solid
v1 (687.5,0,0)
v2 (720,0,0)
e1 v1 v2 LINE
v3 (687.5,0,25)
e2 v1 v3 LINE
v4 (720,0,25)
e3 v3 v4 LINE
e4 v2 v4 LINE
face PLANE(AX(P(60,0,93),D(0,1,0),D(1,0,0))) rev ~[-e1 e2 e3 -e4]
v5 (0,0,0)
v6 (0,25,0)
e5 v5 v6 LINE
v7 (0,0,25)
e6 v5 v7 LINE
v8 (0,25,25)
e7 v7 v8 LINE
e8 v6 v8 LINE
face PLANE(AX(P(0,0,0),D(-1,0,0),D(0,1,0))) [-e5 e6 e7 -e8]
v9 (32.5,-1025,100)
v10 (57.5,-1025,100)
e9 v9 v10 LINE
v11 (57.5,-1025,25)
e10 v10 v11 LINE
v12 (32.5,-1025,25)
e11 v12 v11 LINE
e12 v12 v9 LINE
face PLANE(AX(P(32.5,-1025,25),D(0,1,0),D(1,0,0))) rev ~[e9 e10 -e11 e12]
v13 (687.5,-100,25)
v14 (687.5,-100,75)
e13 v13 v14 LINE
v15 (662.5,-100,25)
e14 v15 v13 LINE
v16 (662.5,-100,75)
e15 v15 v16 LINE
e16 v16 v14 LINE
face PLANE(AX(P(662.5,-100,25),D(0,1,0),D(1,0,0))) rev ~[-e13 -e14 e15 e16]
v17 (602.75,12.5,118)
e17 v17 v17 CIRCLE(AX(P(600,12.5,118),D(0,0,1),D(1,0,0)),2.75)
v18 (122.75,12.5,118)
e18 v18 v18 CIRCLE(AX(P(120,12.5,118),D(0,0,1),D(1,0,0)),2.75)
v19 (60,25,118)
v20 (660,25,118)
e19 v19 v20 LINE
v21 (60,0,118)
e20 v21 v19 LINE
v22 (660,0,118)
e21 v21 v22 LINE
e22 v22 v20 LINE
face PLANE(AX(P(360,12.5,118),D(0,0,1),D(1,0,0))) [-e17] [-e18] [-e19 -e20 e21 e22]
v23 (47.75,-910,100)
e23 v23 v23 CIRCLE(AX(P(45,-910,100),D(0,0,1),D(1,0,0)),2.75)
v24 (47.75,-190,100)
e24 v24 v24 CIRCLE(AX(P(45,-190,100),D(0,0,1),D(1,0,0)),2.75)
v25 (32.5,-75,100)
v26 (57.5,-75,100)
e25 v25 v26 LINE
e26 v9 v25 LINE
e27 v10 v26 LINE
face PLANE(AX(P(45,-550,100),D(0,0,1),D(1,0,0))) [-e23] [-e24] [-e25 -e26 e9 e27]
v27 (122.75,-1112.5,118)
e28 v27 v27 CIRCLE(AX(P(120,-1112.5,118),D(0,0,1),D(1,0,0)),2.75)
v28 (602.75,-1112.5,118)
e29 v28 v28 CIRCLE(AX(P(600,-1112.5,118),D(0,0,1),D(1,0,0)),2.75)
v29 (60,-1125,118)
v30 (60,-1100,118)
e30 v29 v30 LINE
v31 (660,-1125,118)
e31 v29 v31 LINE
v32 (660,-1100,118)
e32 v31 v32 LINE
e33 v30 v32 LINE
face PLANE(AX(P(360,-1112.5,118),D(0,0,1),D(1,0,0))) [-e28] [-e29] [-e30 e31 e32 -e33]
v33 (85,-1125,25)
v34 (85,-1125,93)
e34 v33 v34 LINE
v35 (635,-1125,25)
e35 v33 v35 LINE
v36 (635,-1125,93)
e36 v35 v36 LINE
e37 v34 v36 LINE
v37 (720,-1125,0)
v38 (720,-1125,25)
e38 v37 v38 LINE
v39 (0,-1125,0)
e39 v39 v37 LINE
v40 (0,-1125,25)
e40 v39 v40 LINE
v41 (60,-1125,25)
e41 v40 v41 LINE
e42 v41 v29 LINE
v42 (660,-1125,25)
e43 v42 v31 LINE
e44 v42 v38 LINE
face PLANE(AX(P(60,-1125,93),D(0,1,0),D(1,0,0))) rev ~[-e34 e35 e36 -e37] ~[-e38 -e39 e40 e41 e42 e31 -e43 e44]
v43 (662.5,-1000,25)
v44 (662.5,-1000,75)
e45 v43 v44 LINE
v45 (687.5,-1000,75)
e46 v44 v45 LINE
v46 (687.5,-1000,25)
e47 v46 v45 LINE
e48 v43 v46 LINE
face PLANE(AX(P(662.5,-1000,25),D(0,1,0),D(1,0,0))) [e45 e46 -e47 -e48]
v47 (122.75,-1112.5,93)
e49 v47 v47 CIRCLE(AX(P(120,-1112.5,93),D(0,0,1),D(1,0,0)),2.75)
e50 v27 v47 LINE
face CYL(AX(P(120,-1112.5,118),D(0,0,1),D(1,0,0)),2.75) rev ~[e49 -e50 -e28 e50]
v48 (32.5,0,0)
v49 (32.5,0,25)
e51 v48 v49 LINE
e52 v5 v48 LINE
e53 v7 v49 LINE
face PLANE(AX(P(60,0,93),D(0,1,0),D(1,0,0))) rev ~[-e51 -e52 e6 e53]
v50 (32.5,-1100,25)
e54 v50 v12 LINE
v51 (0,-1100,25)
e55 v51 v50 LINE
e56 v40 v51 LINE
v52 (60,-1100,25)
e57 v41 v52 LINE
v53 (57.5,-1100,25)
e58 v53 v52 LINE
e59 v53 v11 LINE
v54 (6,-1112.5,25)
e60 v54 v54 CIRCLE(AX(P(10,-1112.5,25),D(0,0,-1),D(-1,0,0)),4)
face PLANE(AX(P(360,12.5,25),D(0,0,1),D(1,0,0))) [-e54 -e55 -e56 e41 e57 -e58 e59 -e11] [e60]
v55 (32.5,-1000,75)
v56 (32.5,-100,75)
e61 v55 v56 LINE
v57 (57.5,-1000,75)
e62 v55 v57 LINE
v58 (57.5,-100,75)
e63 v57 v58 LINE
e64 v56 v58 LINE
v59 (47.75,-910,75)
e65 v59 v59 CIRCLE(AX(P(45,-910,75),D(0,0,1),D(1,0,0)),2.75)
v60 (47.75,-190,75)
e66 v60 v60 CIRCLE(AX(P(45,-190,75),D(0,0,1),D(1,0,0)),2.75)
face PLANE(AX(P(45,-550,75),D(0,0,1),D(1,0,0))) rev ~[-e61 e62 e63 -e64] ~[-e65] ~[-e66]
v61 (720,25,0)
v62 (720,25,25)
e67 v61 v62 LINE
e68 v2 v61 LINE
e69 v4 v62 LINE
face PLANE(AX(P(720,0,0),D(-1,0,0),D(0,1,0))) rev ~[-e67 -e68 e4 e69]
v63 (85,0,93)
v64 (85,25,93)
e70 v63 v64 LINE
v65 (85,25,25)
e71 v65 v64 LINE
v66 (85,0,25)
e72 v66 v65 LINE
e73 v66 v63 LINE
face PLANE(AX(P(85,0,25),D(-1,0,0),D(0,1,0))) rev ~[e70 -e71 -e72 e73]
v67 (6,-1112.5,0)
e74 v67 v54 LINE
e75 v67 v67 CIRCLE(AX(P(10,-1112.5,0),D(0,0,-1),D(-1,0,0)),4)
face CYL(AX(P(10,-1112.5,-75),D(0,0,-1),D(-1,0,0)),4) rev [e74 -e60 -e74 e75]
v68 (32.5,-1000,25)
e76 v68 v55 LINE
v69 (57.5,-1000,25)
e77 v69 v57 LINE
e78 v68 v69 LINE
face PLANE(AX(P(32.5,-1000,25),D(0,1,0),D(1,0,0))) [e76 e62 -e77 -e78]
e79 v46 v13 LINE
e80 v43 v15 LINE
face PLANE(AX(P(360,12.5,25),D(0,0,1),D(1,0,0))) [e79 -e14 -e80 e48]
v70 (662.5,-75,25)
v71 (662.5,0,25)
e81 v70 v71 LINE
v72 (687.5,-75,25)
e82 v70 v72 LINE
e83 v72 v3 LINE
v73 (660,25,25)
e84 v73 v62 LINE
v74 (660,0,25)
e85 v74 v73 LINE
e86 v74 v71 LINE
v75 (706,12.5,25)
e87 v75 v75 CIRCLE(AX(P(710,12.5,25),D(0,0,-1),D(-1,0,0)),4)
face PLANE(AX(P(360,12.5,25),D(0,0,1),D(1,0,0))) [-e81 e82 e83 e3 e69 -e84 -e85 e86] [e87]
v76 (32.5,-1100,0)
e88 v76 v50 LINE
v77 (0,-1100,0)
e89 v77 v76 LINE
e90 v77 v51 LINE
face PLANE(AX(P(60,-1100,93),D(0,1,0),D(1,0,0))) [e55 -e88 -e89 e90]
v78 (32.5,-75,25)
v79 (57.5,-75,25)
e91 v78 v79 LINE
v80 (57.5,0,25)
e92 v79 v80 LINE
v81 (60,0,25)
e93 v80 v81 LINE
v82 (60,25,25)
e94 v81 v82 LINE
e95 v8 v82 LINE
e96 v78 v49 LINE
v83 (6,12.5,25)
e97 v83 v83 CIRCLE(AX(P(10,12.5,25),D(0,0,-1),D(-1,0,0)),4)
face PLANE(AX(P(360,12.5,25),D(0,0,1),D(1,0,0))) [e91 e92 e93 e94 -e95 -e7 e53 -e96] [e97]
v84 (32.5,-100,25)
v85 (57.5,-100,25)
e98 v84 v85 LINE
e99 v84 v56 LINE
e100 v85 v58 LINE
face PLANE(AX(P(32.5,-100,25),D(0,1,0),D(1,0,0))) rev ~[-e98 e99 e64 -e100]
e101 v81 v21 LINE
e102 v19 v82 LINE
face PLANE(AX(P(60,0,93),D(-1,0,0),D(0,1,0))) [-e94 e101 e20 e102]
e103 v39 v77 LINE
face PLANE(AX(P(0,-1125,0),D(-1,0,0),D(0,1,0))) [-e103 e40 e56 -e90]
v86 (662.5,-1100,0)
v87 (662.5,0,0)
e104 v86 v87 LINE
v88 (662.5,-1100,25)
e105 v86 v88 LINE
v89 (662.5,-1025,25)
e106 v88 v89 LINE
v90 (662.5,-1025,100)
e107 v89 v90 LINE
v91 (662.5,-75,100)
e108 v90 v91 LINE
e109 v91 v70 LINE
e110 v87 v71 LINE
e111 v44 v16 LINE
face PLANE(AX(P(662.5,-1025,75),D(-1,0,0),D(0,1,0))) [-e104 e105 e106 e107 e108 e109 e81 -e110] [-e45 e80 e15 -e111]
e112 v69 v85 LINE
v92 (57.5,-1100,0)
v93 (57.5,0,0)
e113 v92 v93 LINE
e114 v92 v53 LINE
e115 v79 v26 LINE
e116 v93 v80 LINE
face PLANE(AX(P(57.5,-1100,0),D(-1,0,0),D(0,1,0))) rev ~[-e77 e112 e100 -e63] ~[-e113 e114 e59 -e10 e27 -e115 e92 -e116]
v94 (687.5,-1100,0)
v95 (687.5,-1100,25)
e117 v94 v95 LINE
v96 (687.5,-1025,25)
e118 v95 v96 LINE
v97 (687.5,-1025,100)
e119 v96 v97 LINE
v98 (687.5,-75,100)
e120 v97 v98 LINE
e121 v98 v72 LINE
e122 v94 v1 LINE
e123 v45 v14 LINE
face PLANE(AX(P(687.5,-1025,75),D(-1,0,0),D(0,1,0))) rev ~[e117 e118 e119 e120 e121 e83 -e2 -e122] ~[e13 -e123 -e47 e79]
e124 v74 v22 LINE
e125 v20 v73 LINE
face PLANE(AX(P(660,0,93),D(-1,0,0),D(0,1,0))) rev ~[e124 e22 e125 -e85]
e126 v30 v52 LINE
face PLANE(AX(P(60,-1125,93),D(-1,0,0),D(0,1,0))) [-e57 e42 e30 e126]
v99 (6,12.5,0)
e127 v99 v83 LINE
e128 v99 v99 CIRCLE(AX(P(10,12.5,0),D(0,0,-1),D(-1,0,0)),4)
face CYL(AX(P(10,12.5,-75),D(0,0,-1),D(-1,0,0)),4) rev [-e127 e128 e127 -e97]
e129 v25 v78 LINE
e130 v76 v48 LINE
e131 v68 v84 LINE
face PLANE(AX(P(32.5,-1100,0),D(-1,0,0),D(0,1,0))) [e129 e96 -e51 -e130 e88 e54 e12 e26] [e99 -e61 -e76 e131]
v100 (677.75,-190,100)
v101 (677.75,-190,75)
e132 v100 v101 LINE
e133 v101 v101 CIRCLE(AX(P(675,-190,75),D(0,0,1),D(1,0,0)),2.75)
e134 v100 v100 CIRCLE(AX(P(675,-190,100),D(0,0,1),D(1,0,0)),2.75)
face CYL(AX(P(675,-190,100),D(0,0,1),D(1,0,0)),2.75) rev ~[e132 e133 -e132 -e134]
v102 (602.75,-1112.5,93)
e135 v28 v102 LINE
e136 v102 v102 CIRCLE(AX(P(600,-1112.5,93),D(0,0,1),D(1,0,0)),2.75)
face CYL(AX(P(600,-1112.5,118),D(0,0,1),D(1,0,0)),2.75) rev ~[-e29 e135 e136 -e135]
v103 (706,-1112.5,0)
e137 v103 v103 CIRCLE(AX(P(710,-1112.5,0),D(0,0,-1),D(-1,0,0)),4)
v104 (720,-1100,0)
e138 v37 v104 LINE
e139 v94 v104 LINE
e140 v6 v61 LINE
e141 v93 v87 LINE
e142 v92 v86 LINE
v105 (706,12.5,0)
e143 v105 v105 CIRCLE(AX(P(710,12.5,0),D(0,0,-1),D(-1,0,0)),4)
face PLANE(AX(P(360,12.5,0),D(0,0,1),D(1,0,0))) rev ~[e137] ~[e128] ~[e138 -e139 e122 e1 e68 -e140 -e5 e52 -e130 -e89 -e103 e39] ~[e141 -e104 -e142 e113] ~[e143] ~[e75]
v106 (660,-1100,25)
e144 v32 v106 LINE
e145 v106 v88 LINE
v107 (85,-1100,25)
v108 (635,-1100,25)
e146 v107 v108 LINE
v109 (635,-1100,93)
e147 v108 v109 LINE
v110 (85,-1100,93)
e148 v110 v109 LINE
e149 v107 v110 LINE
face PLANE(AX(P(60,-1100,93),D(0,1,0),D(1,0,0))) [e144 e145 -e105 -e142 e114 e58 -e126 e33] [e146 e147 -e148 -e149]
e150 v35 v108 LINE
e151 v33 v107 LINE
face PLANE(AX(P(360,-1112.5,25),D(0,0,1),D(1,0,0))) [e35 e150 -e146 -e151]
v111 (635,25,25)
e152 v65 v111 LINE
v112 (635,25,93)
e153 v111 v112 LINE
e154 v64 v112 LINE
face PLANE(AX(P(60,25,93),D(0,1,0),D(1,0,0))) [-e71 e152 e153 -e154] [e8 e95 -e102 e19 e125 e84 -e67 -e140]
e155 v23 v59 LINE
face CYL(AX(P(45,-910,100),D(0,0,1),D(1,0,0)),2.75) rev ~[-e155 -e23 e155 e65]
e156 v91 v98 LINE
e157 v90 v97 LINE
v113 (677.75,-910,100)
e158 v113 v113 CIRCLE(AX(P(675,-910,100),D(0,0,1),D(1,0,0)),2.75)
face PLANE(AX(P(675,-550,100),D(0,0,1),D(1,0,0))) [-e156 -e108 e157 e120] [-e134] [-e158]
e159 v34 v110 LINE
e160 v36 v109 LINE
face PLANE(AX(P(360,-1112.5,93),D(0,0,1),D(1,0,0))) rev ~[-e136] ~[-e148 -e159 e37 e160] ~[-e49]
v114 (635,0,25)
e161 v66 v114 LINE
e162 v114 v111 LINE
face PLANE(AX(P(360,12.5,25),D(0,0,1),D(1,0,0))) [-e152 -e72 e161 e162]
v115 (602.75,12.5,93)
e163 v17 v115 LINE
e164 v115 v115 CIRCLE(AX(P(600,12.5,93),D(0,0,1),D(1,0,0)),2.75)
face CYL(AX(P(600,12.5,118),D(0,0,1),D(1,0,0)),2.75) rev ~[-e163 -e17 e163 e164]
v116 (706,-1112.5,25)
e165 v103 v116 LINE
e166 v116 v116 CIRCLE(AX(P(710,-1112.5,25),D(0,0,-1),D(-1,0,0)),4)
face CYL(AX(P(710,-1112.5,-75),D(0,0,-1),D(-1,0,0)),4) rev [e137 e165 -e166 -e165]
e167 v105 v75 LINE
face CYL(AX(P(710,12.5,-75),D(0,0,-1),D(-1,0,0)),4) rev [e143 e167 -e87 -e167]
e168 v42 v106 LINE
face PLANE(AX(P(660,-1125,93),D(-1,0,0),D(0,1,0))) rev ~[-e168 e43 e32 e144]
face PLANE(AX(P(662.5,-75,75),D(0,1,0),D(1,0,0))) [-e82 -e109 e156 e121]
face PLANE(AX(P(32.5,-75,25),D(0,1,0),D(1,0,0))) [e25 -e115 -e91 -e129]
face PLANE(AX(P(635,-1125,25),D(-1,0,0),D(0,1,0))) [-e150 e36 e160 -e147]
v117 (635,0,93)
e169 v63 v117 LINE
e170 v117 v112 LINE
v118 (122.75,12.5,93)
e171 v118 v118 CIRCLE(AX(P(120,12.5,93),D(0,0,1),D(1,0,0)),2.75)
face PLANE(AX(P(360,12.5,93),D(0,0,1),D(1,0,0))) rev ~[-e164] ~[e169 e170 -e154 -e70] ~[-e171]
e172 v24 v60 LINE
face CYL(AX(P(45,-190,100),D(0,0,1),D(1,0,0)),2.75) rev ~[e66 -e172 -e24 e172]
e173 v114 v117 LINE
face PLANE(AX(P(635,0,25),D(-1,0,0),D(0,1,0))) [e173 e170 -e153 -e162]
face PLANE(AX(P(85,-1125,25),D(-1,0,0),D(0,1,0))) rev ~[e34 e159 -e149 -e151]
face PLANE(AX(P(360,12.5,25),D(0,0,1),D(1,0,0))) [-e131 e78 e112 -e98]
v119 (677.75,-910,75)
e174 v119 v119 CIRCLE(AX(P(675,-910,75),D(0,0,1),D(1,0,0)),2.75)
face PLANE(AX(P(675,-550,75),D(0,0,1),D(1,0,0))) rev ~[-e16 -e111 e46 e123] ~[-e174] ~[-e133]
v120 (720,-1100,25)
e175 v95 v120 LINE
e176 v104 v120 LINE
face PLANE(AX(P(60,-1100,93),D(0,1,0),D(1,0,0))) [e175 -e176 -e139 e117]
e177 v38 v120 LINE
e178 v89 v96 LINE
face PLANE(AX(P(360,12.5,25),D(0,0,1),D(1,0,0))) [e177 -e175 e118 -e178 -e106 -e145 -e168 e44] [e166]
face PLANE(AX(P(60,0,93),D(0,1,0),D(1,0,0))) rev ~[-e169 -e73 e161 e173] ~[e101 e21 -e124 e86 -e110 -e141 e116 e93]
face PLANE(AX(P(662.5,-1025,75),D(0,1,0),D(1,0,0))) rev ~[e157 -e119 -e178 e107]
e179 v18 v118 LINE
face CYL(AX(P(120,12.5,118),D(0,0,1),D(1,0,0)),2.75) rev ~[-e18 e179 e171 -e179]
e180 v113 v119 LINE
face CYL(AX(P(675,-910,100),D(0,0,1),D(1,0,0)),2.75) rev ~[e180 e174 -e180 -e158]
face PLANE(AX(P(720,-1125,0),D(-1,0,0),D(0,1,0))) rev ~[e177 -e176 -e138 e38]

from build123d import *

# Parameters (mm, degrees)
ESQUISSE1_W                  = 720
ESQUISSE1_H                  = 25
BOSS_EXTRU_1_DEPTH           = 25
BOSS_EXTRU_1_2_DEPTH         = 25
ENL_V_MAT_EXTRU_1_DEPTH      = 25
ENL_V_MAT_EXTRU_1_DEPTH_BACK = 100
ESQUISSE2_R                  = 4
ESQUISSE3_W                  = 25
ESQUISSE3_H                  = 25
BOSS_EXTRU_2_DEPTH           = 68
ESQUISSE4_W                  = 600
ESQUISSE4_H                  = 25
BOSS_EXTRU_3_DEPTH           = 25
ESQUISSE5_R                  = 2.75
ENL_V_MAT_EXTRU_2_DEPTH      = 25
ESQUISSE6_W                  = 25
ESQUISSE6_H                  = 1100
BOSS_EXTRU_4_DEPTH           = 25
ESQUISSE7_W                  = 25
ESQUISSE7_H                  = 25
BOSS_EXTRU_5_DEPTH           = 50
ESQUISSE8_W                  = 25
ESQUISSE8_H                  = 950
BOSS_EXTRU_6_DEPTH           = 25
ESQUISSE9_R                  = 2.75
ENL_V_MAT_EXTRU_3_DEPTH      = 25


with BuildPart() as part:
    # Esquisse1 → Boss.-Extru.1 (new body)
    with BuildSketch(Plane.XY):
        with Locations((360, 12.5)):
            Rectangle(ESQUISSE1_W, ESQUISSE1_H)
    extrude(amount=BOSS_EXTRU_1_DEPTH)


with BuildPart() as body_2:
    # Esquisse1 → Boss.-Extru.1 2 (new body)
    with BuildSketch(Plane.XY):
        with Locations((360, -1112.5)):
            Rectangle(ESQUISSE1_W, ESQUISSE1_H)
    extrude(amount=BOSS_EXTRU_1_2_DEPTH)


with BuildPart() as enl_v_mat_extru_1_tool:
    # Esquisse2 → Enlèv. mat.-Extru.1 (new, two sides: drawn at the far end of the back side and taken through both)
    with BuildSketch(Plane.XY.offset(25).offset(-ENL_V_MAT_EXTRU_1_DEPTH_BACK)):
        with Locations(Location((10, 12.5, 0), (0, 0, 180))):
            Circle(ESQUISSE2_R)
        with Locations(Location((710, 12.5, 0), (0, 0, 180))):
            Circle(ESQUISSE2_R)
        with Locations(Location((710, -1112.5, 0), (0, 0, 180))):
            Circle(ESQUISSE2_R)
        with Locations(Location((10, -1112.5, 0), (0, 0, 180))):
            Circle(ESQUISSE2_R)
    extrude(amount=ENL_V_MAT_EXTRU_1_DEPTH + ENL_V_MAT_EXTRU_1_DEPTH_BACK)


with BuildPart() as part_1:
    add(part.part)

    # Enlèv. mat.-Extru.1: cut by enl_v_mat_extru_1_tool
    add(enl_v_mat_extru_1_tool.part, mode=Mode.SUBTRACT)



with BuildPart() as body_2_1:
    add(body_2.part)

    # Enlèv. mat.-Extru.1: cut by enl_v_mat_extru_1_tool
    add(enl_v_mat_extru_1_tool.part, mode=Mode.SUBTRACT)


with BuildPart() as part_2:
    add(part_1.part)

    add(body_2_1.part)  # Boss.-Extru.2 merges body 2
    # Esquisse3 → Boss.-Extru.2 (add)
    with BuildSketch(Plane.XY.offset(25)):
        with Locations((72.5, 12.5)):
            Rectangle(ESQUISSE3_W, ESQUISSE3_H)
        with Locations((647.5, 12.5)):
            Rectangle(ESQUISSE3_W, ESQUISSE3_H)
        with Locations((72.5, -1112.5)):
            Rectangle(ESQUISSE3_W, ESQUISSE3_H)
        with Locations((647.5, -1112.5)):
            Rectangle(ESQUISSE3_W, ESQUISSE3_H)
    extrude(amount=BOSS_EXTRU_2_DEPTH)

    # Esquisse4 → Boss.-Extru.3 (add)
    with BuildSketch(Plane.XY.offset(93)):
        with Locations((360, 12.5)):
            Rectangle(ESQUISSE4_W, ESQUISSE4_H)
        with Locations((360, -1112.5)):
            Rectangle(ESQUISSE4_W, ESQUISSE4_H)
    extrude(amount=BOSS_EXTRU_3_DEPTH)

    # Esquisse5 → Enlèv. mat.-Extru.2 (cut)
    with BuildSketch(Plane.XY.offset(118)):
        with Locations((120, 12.5)):
            Circle(ESQUISSE5_R)
        with Locations((600, 12.5)):
            Circle(ESQUISSE5_R)
        with Locations((600, -1112.5)):
            Circle(ESQUISSE5_R)
        with Locations((120, -1112.5)):
            Circle(ESQUISSE5_R)
    extrude(amount=-ENL_V_MAT_EXTRU_2_DEPTH, mode=Mode.SUBTRACT)

    # Esquisse6 → Boss.-Extru.4 (add)
    with BuildSketch(Plane(origin=(0, 0, 0), x_dir=(-1, 0, 0), z_dir=(0, 0, -1))):
        with Locations((-675, -550)):
            Rectangle(ESQUISSE6_W, ESQUISSE6_H)
        with Locations((-45, -550)):
            Rectangle(ESQUISSE6_W, ESQUISSE6_H)
    extrude(amount=-BOSS_EXTRU_4_DEPTH)

    # Esquisse7 → Boss.-Extru.5 (add)
    with BuildSketch(Plane.XY.offset(25)):
        with Locations((45, -1012.5)):
            Rectangle(ESQUISSE7_W, ESQUISSE7_H)
        with Locations((45, -87.5)):
            Rectangle(ESQUISSE7_W, ESQUISSE7_H)
        with Locations((675, -87.5)):
            Rectangle(ESQUISSE7_W, ESQUISSE7_H)
        with Locations((675, -1012.5)):
            Rectangle(ESQUISSE7_W, ESQUISSE7_H)
    extrude(amount=BOSS_EXTRU_5_DEPTH)

    # Esquisse8 → Boss.-Extru.6 (add)
    with BuildSketch(Plane.XY.offset(75)):
        with Locations((675, -550)):
            Rectangle(ESQUISSE8_W, ESQUISSE8_H)
        with Locations((45, -550)):
            Rectangle(ESQUISSE8_W, ESQUISSE8_H)
    extrude(amount=BOSS_EXTRU_6_DEPTH)

    # Esquisse9 → Enlèv. mat.-Extru.3 (cut)
    with BuildSketch(Plane.XY.offset(100)):
        with Locations((675, -910)):
            Circle(ESQUISSE9_R)
        with Locations((45, -910)):
            Circle(ESQUISSE9_R)
        with Locations((675, -190)):
            Circle(ESQUISSE9_R)
        with Locations((45, -190)):
            Circle(ESQUISSE9_R)
    extrude(amount=-ENL_V_MAT_EXTRU_3_DEPTH, mode=Mode.SUBTRACT)


solid = part_2.part
